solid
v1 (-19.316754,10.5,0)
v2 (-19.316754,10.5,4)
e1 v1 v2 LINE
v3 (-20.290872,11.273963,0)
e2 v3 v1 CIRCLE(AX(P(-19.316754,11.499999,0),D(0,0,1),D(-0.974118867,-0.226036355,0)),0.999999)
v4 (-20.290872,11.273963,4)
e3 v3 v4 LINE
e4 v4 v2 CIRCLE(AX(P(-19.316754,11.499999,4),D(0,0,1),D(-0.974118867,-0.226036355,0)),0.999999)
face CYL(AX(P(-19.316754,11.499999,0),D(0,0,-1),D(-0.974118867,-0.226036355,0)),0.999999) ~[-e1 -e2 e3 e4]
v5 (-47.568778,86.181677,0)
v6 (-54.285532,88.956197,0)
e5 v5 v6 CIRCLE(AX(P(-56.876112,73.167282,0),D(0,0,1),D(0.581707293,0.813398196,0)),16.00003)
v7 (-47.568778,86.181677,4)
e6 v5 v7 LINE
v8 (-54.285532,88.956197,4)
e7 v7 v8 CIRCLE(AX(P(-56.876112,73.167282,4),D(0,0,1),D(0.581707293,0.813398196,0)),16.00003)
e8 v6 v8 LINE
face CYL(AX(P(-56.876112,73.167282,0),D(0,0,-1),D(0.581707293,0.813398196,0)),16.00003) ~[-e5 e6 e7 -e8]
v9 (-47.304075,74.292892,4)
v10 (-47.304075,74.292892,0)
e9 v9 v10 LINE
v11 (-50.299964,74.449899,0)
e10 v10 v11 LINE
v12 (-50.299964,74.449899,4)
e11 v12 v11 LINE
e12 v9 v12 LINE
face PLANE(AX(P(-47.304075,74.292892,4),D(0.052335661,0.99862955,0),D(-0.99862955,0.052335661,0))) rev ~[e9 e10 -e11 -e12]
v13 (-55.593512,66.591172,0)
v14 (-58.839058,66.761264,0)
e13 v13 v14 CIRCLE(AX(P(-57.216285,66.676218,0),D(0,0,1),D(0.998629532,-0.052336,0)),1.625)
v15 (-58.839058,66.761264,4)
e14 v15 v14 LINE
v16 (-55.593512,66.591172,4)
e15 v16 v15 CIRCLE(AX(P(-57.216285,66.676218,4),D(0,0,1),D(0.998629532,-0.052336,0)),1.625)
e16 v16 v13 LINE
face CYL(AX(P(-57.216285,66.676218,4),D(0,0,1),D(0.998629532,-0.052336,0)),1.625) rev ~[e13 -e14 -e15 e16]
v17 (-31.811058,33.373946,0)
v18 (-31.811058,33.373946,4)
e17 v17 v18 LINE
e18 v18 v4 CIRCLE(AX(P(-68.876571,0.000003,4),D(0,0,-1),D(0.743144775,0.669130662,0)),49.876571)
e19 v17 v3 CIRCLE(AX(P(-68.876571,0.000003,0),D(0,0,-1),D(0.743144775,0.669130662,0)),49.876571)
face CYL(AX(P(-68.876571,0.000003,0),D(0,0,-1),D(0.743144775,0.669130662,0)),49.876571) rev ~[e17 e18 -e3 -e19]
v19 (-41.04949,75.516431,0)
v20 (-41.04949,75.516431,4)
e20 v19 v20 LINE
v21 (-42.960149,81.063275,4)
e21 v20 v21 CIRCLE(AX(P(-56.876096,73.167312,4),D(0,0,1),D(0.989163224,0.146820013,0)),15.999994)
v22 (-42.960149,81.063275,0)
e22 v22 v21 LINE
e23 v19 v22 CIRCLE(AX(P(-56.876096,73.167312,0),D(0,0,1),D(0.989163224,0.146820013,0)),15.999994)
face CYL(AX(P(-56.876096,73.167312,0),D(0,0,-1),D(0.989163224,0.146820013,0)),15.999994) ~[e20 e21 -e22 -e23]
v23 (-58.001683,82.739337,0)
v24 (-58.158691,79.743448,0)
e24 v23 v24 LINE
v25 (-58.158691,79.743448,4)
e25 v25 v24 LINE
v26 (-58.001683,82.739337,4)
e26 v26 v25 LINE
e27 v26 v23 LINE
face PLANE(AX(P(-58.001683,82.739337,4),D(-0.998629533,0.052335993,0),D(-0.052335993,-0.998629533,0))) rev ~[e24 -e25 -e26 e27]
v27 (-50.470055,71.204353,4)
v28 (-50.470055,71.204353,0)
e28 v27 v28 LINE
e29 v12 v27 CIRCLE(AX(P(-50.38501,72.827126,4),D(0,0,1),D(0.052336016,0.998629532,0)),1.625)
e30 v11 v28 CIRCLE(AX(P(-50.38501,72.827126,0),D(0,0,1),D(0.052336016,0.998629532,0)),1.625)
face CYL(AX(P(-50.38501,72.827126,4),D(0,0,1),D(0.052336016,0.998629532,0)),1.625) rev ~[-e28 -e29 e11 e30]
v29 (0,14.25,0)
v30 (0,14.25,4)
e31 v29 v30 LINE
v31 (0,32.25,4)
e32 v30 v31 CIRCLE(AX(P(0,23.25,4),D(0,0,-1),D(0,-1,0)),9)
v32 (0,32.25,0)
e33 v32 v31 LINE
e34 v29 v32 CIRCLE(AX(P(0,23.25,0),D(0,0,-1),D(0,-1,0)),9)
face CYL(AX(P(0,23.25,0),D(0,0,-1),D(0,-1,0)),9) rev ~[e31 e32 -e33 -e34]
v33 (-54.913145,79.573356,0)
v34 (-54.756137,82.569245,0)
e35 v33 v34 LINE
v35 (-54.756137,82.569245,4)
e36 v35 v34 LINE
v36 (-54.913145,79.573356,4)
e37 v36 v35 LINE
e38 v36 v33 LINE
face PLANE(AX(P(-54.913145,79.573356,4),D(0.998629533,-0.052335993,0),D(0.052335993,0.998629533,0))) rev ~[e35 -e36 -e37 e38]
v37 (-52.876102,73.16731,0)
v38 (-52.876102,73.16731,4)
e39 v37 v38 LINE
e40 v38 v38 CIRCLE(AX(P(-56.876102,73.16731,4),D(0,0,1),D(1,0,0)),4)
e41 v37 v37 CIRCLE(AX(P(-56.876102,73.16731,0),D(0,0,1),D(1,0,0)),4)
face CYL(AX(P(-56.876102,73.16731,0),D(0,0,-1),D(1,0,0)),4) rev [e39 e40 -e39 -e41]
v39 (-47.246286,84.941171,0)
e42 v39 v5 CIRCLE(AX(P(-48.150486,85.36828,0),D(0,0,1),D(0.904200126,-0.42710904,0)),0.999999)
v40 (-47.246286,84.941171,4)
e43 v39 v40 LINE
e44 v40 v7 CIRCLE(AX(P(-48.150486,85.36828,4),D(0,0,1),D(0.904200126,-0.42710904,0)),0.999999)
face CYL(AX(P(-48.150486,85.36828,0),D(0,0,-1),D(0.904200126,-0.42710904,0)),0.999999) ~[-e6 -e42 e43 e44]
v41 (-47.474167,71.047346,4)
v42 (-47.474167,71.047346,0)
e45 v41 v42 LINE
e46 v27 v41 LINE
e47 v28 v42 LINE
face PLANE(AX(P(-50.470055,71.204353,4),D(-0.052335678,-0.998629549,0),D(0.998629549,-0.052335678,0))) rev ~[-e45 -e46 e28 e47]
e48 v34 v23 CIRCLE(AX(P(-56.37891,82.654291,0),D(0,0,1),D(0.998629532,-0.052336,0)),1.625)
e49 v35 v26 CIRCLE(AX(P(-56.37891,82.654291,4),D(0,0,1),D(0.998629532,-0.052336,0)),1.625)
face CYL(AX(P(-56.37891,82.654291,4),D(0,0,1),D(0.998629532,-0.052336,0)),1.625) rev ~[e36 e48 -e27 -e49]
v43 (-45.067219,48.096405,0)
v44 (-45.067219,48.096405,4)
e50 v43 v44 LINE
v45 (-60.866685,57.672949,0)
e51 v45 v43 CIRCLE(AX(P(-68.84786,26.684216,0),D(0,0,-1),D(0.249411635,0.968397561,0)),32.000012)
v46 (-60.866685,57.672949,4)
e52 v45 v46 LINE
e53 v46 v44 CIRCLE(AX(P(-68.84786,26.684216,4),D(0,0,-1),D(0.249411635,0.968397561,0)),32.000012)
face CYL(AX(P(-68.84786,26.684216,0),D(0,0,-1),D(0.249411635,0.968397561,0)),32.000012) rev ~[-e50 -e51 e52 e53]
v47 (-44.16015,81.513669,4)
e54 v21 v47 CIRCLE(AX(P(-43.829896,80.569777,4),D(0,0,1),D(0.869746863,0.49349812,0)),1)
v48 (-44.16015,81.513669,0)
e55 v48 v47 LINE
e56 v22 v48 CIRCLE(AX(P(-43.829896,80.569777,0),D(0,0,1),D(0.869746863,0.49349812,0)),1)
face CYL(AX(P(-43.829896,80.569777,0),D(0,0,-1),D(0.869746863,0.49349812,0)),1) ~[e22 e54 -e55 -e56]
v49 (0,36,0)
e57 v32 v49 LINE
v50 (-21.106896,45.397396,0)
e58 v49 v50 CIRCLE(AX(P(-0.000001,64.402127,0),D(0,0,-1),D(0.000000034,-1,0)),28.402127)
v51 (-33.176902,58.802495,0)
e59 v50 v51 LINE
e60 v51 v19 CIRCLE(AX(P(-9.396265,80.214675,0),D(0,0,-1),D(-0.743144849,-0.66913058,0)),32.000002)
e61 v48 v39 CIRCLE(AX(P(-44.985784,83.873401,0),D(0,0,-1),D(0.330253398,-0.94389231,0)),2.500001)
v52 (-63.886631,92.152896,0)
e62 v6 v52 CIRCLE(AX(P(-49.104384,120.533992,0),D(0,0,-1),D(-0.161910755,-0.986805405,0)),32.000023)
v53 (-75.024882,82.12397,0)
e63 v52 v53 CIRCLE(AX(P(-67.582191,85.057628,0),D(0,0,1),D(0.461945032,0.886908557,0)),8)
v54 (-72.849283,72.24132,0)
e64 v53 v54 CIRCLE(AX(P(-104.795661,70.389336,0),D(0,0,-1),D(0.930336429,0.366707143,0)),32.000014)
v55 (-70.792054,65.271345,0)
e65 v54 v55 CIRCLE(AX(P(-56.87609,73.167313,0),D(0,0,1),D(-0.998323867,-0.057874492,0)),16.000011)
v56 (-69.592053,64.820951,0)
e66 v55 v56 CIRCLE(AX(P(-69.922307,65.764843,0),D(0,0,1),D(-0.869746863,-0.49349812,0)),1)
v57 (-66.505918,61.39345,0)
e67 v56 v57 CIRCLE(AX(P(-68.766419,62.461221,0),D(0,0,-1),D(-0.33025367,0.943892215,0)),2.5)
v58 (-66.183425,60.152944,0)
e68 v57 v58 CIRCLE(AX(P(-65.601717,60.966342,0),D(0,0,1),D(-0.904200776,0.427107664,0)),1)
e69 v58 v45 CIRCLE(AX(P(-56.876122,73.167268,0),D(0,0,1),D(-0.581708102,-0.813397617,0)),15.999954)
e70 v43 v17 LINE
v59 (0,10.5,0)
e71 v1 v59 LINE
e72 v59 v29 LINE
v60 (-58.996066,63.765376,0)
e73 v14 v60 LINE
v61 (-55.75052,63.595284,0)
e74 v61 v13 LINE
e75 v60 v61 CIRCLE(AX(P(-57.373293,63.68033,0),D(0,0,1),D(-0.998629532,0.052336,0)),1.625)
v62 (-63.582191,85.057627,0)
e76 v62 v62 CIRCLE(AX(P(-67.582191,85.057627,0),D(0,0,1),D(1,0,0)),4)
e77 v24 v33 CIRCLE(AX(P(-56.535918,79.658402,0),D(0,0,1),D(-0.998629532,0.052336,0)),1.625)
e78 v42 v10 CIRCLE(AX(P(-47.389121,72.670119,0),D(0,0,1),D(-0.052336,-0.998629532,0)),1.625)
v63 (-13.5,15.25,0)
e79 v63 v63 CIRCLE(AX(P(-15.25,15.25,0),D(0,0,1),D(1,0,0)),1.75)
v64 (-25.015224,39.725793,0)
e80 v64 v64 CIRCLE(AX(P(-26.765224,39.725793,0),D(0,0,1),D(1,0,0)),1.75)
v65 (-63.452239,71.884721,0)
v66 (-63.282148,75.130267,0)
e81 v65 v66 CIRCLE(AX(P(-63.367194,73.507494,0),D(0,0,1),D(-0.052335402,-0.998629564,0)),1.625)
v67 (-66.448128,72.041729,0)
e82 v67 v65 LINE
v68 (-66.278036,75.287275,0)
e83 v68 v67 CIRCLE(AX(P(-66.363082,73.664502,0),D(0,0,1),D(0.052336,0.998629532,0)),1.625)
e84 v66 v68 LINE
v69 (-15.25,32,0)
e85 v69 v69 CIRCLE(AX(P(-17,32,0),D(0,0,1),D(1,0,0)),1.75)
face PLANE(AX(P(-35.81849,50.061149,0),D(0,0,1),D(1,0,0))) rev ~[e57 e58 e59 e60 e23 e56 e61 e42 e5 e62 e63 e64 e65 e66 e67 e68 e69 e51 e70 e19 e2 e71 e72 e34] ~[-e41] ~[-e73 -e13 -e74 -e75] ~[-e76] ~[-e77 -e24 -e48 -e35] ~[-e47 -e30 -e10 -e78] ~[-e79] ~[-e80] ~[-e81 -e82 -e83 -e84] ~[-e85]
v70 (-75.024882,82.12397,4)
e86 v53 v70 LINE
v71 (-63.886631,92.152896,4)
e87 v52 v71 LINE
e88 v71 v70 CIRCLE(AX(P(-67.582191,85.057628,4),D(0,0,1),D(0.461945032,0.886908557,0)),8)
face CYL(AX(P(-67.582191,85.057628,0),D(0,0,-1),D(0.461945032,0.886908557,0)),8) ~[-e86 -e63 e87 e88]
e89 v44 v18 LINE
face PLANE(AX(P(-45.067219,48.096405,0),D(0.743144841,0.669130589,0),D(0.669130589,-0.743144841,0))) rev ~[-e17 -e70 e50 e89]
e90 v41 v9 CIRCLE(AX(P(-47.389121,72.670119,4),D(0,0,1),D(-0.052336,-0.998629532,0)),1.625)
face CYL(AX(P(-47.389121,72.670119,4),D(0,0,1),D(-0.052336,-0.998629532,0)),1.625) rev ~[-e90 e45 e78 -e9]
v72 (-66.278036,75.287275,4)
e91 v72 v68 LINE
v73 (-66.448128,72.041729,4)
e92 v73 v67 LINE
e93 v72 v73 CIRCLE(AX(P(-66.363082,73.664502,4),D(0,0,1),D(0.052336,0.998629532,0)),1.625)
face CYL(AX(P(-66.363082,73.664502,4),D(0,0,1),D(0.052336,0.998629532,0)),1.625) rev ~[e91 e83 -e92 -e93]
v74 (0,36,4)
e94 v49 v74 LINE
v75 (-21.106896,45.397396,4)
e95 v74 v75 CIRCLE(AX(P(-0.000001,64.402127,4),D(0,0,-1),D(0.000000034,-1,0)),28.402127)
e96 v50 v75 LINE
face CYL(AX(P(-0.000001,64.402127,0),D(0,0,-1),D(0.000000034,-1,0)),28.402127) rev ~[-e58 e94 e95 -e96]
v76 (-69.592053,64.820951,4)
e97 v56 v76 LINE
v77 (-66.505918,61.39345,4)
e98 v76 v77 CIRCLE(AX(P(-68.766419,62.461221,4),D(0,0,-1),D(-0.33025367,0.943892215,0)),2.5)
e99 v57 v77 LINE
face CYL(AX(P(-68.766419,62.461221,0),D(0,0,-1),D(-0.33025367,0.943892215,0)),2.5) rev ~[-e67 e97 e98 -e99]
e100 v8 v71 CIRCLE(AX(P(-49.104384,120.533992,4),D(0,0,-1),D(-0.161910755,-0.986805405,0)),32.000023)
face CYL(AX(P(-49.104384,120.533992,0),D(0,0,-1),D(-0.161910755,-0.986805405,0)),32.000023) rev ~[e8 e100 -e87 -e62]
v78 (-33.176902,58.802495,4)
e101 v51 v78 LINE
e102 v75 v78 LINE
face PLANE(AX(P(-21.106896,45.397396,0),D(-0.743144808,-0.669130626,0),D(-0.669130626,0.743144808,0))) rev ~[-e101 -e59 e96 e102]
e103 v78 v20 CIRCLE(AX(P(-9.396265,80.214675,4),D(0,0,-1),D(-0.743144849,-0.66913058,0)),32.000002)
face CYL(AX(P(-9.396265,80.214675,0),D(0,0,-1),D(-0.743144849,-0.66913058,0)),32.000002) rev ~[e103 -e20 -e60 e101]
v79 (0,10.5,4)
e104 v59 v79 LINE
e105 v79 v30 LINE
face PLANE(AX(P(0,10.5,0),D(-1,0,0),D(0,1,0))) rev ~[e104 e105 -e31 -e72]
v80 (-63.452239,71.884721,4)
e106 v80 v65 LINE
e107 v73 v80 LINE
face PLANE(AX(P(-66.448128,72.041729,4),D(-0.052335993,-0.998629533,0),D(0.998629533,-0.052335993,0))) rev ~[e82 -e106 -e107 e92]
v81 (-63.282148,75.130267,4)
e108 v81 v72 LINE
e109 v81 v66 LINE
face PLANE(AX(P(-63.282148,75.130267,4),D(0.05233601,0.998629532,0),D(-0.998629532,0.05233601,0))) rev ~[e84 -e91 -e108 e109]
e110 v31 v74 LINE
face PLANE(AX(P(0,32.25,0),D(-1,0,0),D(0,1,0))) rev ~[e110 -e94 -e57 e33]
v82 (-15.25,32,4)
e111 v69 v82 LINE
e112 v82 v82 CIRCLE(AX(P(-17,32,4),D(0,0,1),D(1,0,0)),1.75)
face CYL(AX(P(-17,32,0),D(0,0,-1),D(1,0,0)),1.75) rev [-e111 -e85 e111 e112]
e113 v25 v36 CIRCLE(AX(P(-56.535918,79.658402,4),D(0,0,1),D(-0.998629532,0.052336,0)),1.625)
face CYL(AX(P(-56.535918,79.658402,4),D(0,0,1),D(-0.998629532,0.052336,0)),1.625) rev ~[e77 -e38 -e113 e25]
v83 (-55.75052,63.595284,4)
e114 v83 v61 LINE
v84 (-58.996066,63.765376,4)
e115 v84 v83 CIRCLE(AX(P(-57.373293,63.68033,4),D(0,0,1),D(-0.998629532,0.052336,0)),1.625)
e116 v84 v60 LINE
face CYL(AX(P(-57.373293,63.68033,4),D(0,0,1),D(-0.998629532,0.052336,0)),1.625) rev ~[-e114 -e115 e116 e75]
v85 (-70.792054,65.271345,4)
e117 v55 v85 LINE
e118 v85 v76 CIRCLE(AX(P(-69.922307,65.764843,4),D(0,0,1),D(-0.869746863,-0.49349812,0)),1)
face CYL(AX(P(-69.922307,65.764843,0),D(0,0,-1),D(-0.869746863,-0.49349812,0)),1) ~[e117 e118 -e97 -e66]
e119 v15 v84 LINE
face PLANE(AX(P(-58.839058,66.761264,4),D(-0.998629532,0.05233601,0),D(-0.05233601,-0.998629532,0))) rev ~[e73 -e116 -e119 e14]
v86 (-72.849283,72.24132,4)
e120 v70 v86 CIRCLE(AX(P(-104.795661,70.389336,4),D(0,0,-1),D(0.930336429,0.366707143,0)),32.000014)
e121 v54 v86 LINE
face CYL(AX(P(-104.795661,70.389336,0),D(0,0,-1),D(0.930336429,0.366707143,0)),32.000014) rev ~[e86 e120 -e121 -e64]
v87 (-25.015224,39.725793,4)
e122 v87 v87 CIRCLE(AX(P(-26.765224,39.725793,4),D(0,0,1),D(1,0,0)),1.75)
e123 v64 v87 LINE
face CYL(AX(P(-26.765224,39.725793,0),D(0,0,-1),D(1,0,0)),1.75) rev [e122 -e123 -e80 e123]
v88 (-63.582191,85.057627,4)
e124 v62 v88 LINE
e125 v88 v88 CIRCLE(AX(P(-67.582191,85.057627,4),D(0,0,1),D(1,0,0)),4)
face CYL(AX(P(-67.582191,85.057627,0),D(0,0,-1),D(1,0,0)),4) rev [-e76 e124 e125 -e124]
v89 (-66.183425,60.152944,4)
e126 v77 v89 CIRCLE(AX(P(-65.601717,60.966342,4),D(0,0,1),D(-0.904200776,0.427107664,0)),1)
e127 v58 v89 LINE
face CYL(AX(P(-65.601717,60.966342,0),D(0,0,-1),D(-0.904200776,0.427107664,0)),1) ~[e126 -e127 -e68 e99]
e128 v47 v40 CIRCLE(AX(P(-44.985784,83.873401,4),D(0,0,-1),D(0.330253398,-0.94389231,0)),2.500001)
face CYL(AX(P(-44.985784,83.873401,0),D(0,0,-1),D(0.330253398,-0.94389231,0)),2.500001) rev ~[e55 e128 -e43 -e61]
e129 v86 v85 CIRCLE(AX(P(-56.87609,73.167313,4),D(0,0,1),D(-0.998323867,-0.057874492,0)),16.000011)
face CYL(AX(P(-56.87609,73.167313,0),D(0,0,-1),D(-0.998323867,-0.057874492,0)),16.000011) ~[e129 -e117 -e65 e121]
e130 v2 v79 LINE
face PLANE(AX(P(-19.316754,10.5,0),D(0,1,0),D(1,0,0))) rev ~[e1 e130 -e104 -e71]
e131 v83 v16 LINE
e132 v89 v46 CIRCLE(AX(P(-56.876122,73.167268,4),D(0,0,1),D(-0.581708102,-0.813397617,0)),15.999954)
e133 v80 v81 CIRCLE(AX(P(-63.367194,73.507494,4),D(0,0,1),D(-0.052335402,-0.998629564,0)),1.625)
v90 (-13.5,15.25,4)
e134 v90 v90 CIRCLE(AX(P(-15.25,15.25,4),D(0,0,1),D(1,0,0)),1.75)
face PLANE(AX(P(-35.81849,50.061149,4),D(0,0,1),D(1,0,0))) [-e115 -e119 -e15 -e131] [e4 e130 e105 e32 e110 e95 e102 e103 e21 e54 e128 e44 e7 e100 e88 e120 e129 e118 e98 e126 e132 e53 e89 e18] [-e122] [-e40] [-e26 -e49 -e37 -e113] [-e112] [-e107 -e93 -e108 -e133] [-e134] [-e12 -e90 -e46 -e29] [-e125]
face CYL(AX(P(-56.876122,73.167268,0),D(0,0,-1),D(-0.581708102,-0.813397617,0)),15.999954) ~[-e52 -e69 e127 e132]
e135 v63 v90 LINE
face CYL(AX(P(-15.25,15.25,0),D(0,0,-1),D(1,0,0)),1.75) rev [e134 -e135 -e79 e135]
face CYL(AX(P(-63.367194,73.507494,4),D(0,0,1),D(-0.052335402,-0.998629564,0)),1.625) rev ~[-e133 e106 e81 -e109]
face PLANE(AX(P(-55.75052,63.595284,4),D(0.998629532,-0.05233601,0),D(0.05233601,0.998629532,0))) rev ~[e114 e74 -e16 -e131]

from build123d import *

# Parameters (mm, degrees)
F0_R     = 1.75
F0_R_2   = 4
F1_DEPTH = 4
F3_DEPTH = 25


with BuildPart() as f1:
    # F0 (on Top) → F1 (new body)
    with BuildSketch(Plane.XY):
        with BuildLine():
            ThreePointArc((-60.866685, 57.672949), (-52.260793, 54.049704), (-45.067219, 48.096405))
            Line((-45.067219, 48.096405), (-31.811058, 33.373946))
            ThreePointArc((-31.811058, 33.373946), (-24.648358, 23.0551), (-20.290872, 11.273963))
            ThreePointArc((-20.290872, 11.273963), (-19.938832, 10.717045), (-19.316754, 10.5))
            Line((-19.316754, 10.5), (0, 10.5))
            Line((0, 10.5), (0, 14.25))
            ThreePointArc((0, 14.25), (-9, 23.25), (0, 32.25))
            Line((0, 32.25), (0, 36))
            ThreePointArc((0, 36), (-11.552187, 38.455493), (-21.106896, 45.397396))
            Line((-21.106896, 45.397396), (-33.176902, 58.802495))
            ThreePointArc((-33.176902, 58.802495), (-38.345655, 66.578951), (-41.04949, 75.516431))
            ThreePointArc((-41.04949, 75.516431), (-41.748415, 78.378174), (-42.960149, 81.063275))
            ThreePointArc((-42.960149, 81.063275), (-43.478503, 81.506005), (-44.16015, 81.513669))
            ThreePointArc((-44.16015, 81.513669), (-46.843646, 82.200573), (-47.246286, 84.941171))
            ThreePointArc((-47.246286, 84.941171), (-47.182656, 85.619884), (-47.568778, 86.181677))
            ThreePointArc((-47.568778, 86.181677), (-50.767546, 87.95533), (-54.285532, 88.956197))
            ThreePointArc((-54.285532, 88.956197), (-59.213242, 90.172628), (-63.886631, 92.152896))
            ThreePointArc((-63.886631, 92.152896), (-72.935236, 91.002786), (-75.024882, 82.12397))
            ThreePointArc((-75.024882, 82.12397), (-73.543964, 77.269187), (-72.849283, 72.24132))
            ThreePointArc((-72.849283, 72.24132), (-72.221629, 68.637987), (-70.792054, 65.271345))
            ThreePointArc((-70.792054, 65.271345), (-70.2737, 64.828615), (-69.592053, 64.820951))
            ThreePointArc((-69.592053, 64.820951), (-66.908557, 64.134047), (-66.505918, 61.39345))
            ThreePointArc((-66.505918, 61.39345), (-66.569547, 60.714736), (-66.183425, 60.152944))
            ThreePointArc((-66.183425, 60.152944), (-63.639694, 58.667178), (-60.866685, 57.672949))
        make_face()
        with Locations((-15.25, 15.25)):
            Circle(F0_R, mode=Mode.SUBTRACT)
        with Locations((-26.765224, 39.725793)):
            Circle(F0_R, mode=Mode.SUBTRACT)
        with Locations((-17, 32)):
            Circle(F0_R, mode=Mode.SUBTRACT)
        with Locations((-56.876102, 73.16731)):
            Circle(F0_R_2, mode=Mode.SUBTRACT)
        with Locations((-67.582191, 85.057627)):
            Circle(F0_R_2, mode=Mode.SUBTRACT)
    extrude(amount=F1_DEPTH)

    # F2 (on face) → F3 (cut)
    with BuildSketch(Plane.XY.offset(4)):
        with BuildLine():
            ThreePointArc((-50.299964, 74.449899), (-52.007783, 72.912172), (-50.470055, 71.204353))
            Line((-50.470055, 71.204353), (-47.474167, 71.047346))
            ThreePointArc((-47.474167, 71.047346), (-45.766348, 72.585073), (-47.304075, 74.292892))
            Line((-47.304075, 74.292892), (-50.299964, 74.449899))
        make_face()
        with BuildLine():
            Line((-58.001683, 82.739337), (-58.158691, 79.743448))
            ThreePointArc((-58.158691, 79.743448), (-56.620964, 78.035629), (-54.913145, 79.573356))
            Line((-54.913145, 79.573356), (-54.756137, 82.569245))
            ThreePointArc((-54.756137, 82.569245), (-56.293864, 84.277064), (-58.001683, 82.739337))
        make_face()
        with BuildLine():
            Line((-66.448128, 72.041729), (-63.452239, 71.884721))
            ThreePointArc((-63.452239, 71.884721), (-61.744421, 73.422448), (-63.282148, 75.130267))
            Line((-63.282148, 75.130267), (-66.278036, 75.287275))
            ThreePointArc((-66.278036, 75.287275), (-67.985855, 73.749548), (-66.448128, 72.041729))
        make_face()
        with BuildLine():
            Line((-55.75052, 63.595284), (-55.593512, 66.591172))
            ThreePointArc((-55.593512, 66.591172), (-57.131239, 68.298991), (-58.839058, 66.761264))
            Line((-58.839058, 66.761264), (-58.996066, 63.765376))
            ThreePointArc((-58.996066, 63.765376), (-57.458339, 62.057557), (-55.75052, 63.595284))
        make_face()
    extrude(amount=-F3_DEPTH, mode=Mode.SUBTRACT)


solid = f1.part
